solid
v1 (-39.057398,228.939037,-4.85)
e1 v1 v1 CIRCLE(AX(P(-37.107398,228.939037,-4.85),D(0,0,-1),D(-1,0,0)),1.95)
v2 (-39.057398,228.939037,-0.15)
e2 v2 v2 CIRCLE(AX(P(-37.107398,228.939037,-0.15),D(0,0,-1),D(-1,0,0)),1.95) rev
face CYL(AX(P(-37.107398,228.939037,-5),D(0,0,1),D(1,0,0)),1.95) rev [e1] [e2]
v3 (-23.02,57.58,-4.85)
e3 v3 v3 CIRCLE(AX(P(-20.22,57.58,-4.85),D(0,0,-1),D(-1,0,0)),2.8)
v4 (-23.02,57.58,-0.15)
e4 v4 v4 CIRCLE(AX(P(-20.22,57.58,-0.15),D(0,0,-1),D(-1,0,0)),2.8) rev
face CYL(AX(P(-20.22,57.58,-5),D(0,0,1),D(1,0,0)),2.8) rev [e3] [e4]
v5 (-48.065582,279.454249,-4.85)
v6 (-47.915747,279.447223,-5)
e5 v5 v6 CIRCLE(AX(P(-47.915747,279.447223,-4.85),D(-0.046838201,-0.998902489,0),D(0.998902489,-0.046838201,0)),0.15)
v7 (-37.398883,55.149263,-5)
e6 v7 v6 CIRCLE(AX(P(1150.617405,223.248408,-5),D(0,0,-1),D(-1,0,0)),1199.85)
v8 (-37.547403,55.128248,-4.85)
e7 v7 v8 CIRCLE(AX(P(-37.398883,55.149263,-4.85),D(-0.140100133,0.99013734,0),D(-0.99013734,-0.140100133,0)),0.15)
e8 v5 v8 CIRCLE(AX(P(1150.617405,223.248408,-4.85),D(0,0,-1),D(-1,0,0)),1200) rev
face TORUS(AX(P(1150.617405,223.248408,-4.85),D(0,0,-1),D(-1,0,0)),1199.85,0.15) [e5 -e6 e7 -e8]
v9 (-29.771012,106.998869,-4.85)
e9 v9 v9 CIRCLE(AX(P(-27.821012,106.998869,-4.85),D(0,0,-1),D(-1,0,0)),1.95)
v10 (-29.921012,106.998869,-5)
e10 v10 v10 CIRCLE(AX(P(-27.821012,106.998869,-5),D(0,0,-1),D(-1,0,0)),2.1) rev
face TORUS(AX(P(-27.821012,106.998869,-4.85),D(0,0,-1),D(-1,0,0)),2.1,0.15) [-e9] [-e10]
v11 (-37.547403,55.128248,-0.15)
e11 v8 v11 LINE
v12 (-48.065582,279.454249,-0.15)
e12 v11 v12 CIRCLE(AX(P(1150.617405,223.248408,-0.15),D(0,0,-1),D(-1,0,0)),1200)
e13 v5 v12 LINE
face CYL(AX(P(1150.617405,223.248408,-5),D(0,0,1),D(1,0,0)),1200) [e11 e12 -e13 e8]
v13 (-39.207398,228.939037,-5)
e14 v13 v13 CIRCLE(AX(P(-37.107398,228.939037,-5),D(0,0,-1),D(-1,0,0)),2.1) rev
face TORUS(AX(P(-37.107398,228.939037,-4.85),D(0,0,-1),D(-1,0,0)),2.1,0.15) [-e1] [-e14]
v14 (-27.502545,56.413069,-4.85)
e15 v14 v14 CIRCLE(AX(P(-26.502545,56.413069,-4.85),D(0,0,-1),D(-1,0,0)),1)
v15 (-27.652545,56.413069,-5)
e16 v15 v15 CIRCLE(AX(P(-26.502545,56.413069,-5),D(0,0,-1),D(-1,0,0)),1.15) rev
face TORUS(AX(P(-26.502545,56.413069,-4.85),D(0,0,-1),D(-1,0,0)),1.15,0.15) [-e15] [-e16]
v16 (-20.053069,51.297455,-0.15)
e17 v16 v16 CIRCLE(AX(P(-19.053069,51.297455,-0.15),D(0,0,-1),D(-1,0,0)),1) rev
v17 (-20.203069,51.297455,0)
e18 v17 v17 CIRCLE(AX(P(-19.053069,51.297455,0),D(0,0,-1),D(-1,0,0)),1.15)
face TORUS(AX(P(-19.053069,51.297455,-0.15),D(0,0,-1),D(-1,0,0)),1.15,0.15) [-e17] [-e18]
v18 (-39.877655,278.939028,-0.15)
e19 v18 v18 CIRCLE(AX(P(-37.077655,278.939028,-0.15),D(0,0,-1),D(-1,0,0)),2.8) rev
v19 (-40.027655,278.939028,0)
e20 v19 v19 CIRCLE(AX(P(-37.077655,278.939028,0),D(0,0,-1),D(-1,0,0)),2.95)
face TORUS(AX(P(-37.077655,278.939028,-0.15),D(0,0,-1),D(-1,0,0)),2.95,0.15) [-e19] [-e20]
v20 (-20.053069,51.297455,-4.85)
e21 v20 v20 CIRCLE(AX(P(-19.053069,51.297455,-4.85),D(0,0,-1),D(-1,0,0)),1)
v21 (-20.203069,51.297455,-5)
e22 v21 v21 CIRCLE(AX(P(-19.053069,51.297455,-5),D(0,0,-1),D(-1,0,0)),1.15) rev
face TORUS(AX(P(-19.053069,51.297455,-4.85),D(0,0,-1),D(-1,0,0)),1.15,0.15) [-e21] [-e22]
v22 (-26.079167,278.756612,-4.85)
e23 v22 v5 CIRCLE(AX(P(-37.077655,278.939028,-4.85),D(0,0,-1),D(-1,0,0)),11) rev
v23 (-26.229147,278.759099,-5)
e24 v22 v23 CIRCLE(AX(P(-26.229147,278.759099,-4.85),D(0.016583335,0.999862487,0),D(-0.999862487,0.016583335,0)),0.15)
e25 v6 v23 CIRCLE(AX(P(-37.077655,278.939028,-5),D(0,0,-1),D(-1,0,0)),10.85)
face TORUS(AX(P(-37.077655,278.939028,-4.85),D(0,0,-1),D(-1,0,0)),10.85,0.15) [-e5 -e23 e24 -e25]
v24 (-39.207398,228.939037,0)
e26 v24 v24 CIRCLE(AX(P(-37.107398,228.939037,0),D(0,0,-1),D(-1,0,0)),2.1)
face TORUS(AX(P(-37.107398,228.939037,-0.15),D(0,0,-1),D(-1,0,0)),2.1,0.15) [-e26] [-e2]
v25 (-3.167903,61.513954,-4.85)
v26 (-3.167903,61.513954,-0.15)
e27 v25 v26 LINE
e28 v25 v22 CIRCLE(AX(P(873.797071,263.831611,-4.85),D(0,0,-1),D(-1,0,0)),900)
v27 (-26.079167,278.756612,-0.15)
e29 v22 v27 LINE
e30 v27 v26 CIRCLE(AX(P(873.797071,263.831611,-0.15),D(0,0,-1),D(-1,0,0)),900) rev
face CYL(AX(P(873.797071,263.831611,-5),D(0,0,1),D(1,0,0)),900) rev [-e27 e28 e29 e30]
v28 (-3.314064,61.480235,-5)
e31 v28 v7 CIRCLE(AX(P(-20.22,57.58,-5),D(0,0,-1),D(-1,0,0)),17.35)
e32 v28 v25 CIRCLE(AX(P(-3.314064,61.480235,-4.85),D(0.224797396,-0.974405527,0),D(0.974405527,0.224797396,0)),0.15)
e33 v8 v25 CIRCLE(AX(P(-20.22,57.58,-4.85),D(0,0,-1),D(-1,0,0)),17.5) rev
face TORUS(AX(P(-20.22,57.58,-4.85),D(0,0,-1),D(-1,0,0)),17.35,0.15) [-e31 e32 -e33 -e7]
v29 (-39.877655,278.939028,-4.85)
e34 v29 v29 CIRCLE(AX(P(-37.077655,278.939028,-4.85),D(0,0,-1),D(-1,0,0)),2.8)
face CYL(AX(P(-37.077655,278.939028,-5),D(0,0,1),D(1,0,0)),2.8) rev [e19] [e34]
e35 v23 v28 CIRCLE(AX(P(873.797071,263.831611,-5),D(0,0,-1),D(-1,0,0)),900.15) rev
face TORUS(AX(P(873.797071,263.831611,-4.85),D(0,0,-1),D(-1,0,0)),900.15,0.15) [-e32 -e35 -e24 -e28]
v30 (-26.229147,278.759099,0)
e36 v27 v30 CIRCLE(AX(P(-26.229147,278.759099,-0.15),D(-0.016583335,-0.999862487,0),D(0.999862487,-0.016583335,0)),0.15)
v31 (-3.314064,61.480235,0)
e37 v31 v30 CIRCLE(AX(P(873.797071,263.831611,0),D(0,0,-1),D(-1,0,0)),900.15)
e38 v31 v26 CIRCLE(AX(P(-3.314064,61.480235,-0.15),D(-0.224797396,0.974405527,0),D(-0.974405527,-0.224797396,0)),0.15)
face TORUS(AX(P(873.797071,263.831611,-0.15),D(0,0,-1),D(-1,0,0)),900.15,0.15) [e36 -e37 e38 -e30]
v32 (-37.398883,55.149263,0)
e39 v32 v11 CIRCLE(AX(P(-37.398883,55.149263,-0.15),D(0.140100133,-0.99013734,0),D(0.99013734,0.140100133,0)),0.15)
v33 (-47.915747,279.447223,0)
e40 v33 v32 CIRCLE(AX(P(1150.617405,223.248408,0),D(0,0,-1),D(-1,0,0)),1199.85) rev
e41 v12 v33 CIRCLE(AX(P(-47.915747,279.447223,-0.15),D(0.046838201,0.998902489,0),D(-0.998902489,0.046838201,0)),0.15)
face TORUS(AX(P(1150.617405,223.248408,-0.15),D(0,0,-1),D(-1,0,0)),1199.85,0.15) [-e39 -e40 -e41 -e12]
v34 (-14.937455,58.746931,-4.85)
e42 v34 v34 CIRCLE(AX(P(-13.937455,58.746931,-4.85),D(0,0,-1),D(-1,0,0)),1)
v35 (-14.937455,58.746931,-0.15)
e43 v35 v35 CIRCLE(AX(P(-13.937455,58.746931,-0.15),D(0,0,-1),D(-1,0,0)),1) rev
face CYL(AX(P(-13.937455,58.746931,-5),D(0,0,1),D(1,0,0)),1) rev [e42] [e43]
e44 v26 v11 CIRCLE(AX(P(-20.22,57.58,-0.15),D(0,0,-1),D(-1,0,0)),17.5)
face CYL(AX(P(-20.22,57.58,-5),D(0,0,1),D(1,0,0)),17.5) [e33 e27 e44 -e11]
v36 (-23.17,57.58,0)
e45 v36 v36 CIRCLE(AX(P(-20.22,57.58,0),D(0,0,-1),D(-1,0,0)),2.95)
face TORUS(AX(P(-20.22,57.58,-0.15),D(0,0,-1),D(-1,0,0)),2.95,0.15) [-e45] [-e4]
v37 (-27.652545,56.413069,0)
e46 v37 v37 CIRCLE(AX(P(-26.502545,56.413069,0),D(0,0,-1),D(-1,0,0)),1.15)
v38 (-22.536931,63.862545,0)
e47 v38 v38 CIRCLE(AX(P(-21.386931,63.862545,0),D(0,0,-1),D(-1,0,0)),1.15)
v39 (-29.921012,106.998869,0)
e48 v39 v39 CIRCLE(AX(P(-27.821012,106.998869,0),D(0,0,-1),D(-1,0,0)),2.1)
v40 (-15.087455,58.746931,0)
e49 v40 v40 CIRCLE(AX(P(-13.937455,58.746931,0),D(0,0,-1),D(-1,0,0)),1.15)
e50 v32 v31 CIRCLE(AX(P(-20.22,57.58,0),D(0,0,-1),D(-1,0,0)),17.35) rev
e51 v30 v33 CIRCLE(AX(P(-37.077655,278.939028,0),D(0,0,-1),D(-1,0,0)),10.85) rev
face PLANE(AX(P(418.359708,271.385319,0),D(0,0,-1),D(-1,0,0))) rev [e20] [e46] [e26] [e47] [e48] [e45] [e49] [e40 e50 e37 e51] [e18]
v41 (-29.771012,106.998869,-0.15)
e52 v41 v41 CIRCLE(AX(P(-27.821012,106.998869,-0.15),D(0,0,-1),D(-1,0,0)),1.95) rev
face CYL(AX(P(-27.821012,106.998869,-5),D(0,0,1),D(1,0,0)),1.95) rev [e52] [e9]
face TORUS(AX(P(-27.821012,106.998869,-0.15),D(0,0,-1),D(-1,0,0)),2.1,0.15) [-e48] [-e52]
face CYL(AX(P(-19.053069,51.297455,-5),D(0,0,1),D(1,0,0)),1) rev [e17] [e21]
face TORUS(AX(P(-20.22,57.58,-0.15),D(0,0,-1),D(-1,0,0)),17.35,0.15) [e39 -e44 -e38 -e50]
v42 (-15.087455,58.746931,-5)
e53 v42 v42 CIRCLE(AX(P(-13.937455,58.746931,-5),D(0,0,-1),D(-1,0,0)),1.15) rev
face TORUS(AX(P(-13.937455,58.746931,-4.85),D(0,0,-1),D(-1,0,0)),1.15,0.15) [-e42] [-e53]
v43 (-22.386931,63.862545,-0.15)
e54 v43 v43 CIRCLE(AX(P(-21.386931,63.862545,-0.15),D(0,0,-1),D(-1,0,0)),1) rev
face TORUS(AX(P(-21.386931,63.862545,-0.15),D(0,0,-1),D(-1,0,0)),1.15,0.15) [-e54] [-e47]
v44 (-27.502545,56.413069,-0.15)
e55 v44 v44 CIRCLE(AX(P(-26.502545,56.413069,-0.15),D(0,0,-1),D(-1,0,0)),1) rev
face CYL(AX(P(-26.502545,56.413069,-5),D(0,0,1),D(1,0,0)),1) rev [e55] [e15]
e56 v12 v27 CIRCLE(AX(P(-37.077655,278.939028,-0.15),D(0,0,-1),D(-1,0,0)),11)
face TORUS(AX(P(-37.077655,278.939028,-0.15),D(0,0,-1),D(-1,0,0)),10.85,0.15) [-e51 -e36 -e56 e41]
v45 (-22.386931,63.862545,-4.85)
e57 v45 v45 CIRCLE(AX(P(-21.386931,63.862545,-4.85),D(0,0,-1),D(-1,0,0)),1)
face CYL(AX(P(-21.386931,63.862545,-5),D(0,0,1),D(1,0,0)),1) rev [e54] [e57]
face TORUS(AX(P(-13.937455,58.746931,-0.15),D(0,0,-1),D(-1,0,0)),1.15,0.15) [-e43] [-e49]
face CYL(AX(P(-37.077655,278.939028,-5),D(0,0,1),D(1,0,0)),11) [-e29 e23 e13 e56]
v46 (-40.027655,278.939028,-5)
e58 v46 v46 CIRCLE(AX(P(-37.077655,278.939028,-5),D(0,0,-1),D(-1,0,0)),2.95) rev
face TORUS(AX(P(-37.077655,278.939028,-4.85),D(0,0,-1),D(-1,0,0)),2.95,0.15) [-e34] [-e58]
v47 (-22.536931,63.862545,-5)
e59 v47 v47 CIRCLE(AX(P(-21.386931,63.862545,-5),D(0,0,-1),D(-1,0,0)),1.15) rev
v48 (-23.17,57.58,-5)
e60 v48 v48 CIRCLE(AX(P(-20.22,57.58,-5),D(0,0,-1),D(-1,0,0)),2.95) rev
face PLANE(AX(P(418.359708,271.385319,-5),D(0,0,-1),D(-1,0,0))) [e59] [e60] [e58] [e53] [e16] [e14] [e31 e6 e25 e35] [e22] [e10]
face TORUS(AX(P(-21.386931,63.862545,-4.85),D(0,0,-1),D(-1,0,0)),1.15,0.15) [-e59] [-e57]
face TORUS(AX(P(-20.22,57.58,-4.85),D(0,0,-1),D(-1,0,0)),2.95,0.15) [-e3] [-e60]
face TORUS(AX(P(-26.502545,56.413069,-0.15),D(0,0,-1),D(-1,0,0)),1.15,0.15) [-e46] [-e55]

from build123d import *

# Parameters (mm, degrees)
SKETCH1_R           = 2.8
SKETCH1_R_2         = 1.95
SKETCH1_R_3         = 1
BOSS_EXTRUDE1_DEPTH = 5
FILLET1_R           = 0.15


with BuildPart() as part:
    # Sketch1 → Boss-Extrude1 (new body)
    with BuildSketch(Plane.XY):
        with BuildLine():
            ThreePointArc((-26.079167388, 278.756611768), (-21.239110839, 169.437578513), (-3.167903279, 61.513954424))
            ThreePointArc((-3.167903279, 61.513954424), (-17.024180678, 40.374281798), (-37.547403455, 55.128247669))
            ThreePointArc((-37.547403455, 55.128247669), (-48.065680098, 167.044655833), (-48.065582127, 279.454248661))
            ThreePointArc((-48.065582127, 279.454248661), (-36.728796341, 289.933495141), (-26.079167388, 278.756611768))
        make_face()
        with Locations((-20.22, 57.58)):
            Circle(SKETCH1_R, mode=Mode.SUBTRACT)
        with Locations((-37.077654746, 278.93902845)):
            Circle(SKETCH1_R, mode=Mode.SUBTRACT)
        with Locations((-37.107397794, 228.939037297)):
            Circle(SKETCH1_R_2, mode=Mode.SUBTRACT)
        with Locations((-27.821012361, 106.998868978)):
            Circle(SKETCH1_R_2, mode=Mode.SUBTRACT)
        with Locations((-19.053069402, 51.297454896)):
            Circle(SKETCH1_R_3, mode=Mode.SUBTRACT)
        with Locations((-26.502545104, 56.413069402)):
            Circle(SKETCH1_R_3, mode=Mode.SUBTRACT)
        with Locations((-21.386930598, 63.862545104)):
            Circle(SKETCH1_R_3, mode=Mode.SUBTRACT)
        with Locations((-13.937454896, 58.746930598)):
            Circle(SKETCH1_R_3, mode=Mode.SUBTRACT)
    extrude(amount=-BOSS_EXTRUDE1_DEPTH)

    # Fillet1
    fillet1_edges = [part.edges().sort_by_distance(p)[0] for p in [
        (-23.02, 57.58, -5),
        (-23.02, 57.58, 0),
        (-17.024180678, 40.374281798, -5),
        (-39.877654746, 278.93902845, -5),
        (-39.877654746, 278.93902845, 0),
        (-21.239110839, 169.437578513, -5),
        (-29.771012361, 106.998868978, -5),
        (-29.771012361, 106.998868978, 0),
        (-39.057397794, 228.939037297, -5),
        (-39.057397794, 228.939037297, 0),
        (-20.053069402, 51.297454896, -5),
        (-20.053069402, 51.297454896, 0),
        (-27.502545104, 56.413069402, -5),
        (-27.502545104, 56.413069402, 0),
        (-22.386930598, 63.862545104, -5),
        (-22.386930598, 63.862545104, 0),
        (-14.937454896, 58.746930598, -5),
        (-14.937454896, 58.746930598, 0),
        (-36.728796341, 289.933495141, -5),
        (-21.239110839, 169.437578513, 0),
        (-17.024180678, 40.374281798, 0),
        (-48.065680098, 167.044655833, 0),
        (-36.728796341, 289.933495141, 0),
        (-48.065680098, 167.044655833, -5),
    ]]
    fillet(fillet1_edges, radius=FILLET1_R)


solid = part.part
